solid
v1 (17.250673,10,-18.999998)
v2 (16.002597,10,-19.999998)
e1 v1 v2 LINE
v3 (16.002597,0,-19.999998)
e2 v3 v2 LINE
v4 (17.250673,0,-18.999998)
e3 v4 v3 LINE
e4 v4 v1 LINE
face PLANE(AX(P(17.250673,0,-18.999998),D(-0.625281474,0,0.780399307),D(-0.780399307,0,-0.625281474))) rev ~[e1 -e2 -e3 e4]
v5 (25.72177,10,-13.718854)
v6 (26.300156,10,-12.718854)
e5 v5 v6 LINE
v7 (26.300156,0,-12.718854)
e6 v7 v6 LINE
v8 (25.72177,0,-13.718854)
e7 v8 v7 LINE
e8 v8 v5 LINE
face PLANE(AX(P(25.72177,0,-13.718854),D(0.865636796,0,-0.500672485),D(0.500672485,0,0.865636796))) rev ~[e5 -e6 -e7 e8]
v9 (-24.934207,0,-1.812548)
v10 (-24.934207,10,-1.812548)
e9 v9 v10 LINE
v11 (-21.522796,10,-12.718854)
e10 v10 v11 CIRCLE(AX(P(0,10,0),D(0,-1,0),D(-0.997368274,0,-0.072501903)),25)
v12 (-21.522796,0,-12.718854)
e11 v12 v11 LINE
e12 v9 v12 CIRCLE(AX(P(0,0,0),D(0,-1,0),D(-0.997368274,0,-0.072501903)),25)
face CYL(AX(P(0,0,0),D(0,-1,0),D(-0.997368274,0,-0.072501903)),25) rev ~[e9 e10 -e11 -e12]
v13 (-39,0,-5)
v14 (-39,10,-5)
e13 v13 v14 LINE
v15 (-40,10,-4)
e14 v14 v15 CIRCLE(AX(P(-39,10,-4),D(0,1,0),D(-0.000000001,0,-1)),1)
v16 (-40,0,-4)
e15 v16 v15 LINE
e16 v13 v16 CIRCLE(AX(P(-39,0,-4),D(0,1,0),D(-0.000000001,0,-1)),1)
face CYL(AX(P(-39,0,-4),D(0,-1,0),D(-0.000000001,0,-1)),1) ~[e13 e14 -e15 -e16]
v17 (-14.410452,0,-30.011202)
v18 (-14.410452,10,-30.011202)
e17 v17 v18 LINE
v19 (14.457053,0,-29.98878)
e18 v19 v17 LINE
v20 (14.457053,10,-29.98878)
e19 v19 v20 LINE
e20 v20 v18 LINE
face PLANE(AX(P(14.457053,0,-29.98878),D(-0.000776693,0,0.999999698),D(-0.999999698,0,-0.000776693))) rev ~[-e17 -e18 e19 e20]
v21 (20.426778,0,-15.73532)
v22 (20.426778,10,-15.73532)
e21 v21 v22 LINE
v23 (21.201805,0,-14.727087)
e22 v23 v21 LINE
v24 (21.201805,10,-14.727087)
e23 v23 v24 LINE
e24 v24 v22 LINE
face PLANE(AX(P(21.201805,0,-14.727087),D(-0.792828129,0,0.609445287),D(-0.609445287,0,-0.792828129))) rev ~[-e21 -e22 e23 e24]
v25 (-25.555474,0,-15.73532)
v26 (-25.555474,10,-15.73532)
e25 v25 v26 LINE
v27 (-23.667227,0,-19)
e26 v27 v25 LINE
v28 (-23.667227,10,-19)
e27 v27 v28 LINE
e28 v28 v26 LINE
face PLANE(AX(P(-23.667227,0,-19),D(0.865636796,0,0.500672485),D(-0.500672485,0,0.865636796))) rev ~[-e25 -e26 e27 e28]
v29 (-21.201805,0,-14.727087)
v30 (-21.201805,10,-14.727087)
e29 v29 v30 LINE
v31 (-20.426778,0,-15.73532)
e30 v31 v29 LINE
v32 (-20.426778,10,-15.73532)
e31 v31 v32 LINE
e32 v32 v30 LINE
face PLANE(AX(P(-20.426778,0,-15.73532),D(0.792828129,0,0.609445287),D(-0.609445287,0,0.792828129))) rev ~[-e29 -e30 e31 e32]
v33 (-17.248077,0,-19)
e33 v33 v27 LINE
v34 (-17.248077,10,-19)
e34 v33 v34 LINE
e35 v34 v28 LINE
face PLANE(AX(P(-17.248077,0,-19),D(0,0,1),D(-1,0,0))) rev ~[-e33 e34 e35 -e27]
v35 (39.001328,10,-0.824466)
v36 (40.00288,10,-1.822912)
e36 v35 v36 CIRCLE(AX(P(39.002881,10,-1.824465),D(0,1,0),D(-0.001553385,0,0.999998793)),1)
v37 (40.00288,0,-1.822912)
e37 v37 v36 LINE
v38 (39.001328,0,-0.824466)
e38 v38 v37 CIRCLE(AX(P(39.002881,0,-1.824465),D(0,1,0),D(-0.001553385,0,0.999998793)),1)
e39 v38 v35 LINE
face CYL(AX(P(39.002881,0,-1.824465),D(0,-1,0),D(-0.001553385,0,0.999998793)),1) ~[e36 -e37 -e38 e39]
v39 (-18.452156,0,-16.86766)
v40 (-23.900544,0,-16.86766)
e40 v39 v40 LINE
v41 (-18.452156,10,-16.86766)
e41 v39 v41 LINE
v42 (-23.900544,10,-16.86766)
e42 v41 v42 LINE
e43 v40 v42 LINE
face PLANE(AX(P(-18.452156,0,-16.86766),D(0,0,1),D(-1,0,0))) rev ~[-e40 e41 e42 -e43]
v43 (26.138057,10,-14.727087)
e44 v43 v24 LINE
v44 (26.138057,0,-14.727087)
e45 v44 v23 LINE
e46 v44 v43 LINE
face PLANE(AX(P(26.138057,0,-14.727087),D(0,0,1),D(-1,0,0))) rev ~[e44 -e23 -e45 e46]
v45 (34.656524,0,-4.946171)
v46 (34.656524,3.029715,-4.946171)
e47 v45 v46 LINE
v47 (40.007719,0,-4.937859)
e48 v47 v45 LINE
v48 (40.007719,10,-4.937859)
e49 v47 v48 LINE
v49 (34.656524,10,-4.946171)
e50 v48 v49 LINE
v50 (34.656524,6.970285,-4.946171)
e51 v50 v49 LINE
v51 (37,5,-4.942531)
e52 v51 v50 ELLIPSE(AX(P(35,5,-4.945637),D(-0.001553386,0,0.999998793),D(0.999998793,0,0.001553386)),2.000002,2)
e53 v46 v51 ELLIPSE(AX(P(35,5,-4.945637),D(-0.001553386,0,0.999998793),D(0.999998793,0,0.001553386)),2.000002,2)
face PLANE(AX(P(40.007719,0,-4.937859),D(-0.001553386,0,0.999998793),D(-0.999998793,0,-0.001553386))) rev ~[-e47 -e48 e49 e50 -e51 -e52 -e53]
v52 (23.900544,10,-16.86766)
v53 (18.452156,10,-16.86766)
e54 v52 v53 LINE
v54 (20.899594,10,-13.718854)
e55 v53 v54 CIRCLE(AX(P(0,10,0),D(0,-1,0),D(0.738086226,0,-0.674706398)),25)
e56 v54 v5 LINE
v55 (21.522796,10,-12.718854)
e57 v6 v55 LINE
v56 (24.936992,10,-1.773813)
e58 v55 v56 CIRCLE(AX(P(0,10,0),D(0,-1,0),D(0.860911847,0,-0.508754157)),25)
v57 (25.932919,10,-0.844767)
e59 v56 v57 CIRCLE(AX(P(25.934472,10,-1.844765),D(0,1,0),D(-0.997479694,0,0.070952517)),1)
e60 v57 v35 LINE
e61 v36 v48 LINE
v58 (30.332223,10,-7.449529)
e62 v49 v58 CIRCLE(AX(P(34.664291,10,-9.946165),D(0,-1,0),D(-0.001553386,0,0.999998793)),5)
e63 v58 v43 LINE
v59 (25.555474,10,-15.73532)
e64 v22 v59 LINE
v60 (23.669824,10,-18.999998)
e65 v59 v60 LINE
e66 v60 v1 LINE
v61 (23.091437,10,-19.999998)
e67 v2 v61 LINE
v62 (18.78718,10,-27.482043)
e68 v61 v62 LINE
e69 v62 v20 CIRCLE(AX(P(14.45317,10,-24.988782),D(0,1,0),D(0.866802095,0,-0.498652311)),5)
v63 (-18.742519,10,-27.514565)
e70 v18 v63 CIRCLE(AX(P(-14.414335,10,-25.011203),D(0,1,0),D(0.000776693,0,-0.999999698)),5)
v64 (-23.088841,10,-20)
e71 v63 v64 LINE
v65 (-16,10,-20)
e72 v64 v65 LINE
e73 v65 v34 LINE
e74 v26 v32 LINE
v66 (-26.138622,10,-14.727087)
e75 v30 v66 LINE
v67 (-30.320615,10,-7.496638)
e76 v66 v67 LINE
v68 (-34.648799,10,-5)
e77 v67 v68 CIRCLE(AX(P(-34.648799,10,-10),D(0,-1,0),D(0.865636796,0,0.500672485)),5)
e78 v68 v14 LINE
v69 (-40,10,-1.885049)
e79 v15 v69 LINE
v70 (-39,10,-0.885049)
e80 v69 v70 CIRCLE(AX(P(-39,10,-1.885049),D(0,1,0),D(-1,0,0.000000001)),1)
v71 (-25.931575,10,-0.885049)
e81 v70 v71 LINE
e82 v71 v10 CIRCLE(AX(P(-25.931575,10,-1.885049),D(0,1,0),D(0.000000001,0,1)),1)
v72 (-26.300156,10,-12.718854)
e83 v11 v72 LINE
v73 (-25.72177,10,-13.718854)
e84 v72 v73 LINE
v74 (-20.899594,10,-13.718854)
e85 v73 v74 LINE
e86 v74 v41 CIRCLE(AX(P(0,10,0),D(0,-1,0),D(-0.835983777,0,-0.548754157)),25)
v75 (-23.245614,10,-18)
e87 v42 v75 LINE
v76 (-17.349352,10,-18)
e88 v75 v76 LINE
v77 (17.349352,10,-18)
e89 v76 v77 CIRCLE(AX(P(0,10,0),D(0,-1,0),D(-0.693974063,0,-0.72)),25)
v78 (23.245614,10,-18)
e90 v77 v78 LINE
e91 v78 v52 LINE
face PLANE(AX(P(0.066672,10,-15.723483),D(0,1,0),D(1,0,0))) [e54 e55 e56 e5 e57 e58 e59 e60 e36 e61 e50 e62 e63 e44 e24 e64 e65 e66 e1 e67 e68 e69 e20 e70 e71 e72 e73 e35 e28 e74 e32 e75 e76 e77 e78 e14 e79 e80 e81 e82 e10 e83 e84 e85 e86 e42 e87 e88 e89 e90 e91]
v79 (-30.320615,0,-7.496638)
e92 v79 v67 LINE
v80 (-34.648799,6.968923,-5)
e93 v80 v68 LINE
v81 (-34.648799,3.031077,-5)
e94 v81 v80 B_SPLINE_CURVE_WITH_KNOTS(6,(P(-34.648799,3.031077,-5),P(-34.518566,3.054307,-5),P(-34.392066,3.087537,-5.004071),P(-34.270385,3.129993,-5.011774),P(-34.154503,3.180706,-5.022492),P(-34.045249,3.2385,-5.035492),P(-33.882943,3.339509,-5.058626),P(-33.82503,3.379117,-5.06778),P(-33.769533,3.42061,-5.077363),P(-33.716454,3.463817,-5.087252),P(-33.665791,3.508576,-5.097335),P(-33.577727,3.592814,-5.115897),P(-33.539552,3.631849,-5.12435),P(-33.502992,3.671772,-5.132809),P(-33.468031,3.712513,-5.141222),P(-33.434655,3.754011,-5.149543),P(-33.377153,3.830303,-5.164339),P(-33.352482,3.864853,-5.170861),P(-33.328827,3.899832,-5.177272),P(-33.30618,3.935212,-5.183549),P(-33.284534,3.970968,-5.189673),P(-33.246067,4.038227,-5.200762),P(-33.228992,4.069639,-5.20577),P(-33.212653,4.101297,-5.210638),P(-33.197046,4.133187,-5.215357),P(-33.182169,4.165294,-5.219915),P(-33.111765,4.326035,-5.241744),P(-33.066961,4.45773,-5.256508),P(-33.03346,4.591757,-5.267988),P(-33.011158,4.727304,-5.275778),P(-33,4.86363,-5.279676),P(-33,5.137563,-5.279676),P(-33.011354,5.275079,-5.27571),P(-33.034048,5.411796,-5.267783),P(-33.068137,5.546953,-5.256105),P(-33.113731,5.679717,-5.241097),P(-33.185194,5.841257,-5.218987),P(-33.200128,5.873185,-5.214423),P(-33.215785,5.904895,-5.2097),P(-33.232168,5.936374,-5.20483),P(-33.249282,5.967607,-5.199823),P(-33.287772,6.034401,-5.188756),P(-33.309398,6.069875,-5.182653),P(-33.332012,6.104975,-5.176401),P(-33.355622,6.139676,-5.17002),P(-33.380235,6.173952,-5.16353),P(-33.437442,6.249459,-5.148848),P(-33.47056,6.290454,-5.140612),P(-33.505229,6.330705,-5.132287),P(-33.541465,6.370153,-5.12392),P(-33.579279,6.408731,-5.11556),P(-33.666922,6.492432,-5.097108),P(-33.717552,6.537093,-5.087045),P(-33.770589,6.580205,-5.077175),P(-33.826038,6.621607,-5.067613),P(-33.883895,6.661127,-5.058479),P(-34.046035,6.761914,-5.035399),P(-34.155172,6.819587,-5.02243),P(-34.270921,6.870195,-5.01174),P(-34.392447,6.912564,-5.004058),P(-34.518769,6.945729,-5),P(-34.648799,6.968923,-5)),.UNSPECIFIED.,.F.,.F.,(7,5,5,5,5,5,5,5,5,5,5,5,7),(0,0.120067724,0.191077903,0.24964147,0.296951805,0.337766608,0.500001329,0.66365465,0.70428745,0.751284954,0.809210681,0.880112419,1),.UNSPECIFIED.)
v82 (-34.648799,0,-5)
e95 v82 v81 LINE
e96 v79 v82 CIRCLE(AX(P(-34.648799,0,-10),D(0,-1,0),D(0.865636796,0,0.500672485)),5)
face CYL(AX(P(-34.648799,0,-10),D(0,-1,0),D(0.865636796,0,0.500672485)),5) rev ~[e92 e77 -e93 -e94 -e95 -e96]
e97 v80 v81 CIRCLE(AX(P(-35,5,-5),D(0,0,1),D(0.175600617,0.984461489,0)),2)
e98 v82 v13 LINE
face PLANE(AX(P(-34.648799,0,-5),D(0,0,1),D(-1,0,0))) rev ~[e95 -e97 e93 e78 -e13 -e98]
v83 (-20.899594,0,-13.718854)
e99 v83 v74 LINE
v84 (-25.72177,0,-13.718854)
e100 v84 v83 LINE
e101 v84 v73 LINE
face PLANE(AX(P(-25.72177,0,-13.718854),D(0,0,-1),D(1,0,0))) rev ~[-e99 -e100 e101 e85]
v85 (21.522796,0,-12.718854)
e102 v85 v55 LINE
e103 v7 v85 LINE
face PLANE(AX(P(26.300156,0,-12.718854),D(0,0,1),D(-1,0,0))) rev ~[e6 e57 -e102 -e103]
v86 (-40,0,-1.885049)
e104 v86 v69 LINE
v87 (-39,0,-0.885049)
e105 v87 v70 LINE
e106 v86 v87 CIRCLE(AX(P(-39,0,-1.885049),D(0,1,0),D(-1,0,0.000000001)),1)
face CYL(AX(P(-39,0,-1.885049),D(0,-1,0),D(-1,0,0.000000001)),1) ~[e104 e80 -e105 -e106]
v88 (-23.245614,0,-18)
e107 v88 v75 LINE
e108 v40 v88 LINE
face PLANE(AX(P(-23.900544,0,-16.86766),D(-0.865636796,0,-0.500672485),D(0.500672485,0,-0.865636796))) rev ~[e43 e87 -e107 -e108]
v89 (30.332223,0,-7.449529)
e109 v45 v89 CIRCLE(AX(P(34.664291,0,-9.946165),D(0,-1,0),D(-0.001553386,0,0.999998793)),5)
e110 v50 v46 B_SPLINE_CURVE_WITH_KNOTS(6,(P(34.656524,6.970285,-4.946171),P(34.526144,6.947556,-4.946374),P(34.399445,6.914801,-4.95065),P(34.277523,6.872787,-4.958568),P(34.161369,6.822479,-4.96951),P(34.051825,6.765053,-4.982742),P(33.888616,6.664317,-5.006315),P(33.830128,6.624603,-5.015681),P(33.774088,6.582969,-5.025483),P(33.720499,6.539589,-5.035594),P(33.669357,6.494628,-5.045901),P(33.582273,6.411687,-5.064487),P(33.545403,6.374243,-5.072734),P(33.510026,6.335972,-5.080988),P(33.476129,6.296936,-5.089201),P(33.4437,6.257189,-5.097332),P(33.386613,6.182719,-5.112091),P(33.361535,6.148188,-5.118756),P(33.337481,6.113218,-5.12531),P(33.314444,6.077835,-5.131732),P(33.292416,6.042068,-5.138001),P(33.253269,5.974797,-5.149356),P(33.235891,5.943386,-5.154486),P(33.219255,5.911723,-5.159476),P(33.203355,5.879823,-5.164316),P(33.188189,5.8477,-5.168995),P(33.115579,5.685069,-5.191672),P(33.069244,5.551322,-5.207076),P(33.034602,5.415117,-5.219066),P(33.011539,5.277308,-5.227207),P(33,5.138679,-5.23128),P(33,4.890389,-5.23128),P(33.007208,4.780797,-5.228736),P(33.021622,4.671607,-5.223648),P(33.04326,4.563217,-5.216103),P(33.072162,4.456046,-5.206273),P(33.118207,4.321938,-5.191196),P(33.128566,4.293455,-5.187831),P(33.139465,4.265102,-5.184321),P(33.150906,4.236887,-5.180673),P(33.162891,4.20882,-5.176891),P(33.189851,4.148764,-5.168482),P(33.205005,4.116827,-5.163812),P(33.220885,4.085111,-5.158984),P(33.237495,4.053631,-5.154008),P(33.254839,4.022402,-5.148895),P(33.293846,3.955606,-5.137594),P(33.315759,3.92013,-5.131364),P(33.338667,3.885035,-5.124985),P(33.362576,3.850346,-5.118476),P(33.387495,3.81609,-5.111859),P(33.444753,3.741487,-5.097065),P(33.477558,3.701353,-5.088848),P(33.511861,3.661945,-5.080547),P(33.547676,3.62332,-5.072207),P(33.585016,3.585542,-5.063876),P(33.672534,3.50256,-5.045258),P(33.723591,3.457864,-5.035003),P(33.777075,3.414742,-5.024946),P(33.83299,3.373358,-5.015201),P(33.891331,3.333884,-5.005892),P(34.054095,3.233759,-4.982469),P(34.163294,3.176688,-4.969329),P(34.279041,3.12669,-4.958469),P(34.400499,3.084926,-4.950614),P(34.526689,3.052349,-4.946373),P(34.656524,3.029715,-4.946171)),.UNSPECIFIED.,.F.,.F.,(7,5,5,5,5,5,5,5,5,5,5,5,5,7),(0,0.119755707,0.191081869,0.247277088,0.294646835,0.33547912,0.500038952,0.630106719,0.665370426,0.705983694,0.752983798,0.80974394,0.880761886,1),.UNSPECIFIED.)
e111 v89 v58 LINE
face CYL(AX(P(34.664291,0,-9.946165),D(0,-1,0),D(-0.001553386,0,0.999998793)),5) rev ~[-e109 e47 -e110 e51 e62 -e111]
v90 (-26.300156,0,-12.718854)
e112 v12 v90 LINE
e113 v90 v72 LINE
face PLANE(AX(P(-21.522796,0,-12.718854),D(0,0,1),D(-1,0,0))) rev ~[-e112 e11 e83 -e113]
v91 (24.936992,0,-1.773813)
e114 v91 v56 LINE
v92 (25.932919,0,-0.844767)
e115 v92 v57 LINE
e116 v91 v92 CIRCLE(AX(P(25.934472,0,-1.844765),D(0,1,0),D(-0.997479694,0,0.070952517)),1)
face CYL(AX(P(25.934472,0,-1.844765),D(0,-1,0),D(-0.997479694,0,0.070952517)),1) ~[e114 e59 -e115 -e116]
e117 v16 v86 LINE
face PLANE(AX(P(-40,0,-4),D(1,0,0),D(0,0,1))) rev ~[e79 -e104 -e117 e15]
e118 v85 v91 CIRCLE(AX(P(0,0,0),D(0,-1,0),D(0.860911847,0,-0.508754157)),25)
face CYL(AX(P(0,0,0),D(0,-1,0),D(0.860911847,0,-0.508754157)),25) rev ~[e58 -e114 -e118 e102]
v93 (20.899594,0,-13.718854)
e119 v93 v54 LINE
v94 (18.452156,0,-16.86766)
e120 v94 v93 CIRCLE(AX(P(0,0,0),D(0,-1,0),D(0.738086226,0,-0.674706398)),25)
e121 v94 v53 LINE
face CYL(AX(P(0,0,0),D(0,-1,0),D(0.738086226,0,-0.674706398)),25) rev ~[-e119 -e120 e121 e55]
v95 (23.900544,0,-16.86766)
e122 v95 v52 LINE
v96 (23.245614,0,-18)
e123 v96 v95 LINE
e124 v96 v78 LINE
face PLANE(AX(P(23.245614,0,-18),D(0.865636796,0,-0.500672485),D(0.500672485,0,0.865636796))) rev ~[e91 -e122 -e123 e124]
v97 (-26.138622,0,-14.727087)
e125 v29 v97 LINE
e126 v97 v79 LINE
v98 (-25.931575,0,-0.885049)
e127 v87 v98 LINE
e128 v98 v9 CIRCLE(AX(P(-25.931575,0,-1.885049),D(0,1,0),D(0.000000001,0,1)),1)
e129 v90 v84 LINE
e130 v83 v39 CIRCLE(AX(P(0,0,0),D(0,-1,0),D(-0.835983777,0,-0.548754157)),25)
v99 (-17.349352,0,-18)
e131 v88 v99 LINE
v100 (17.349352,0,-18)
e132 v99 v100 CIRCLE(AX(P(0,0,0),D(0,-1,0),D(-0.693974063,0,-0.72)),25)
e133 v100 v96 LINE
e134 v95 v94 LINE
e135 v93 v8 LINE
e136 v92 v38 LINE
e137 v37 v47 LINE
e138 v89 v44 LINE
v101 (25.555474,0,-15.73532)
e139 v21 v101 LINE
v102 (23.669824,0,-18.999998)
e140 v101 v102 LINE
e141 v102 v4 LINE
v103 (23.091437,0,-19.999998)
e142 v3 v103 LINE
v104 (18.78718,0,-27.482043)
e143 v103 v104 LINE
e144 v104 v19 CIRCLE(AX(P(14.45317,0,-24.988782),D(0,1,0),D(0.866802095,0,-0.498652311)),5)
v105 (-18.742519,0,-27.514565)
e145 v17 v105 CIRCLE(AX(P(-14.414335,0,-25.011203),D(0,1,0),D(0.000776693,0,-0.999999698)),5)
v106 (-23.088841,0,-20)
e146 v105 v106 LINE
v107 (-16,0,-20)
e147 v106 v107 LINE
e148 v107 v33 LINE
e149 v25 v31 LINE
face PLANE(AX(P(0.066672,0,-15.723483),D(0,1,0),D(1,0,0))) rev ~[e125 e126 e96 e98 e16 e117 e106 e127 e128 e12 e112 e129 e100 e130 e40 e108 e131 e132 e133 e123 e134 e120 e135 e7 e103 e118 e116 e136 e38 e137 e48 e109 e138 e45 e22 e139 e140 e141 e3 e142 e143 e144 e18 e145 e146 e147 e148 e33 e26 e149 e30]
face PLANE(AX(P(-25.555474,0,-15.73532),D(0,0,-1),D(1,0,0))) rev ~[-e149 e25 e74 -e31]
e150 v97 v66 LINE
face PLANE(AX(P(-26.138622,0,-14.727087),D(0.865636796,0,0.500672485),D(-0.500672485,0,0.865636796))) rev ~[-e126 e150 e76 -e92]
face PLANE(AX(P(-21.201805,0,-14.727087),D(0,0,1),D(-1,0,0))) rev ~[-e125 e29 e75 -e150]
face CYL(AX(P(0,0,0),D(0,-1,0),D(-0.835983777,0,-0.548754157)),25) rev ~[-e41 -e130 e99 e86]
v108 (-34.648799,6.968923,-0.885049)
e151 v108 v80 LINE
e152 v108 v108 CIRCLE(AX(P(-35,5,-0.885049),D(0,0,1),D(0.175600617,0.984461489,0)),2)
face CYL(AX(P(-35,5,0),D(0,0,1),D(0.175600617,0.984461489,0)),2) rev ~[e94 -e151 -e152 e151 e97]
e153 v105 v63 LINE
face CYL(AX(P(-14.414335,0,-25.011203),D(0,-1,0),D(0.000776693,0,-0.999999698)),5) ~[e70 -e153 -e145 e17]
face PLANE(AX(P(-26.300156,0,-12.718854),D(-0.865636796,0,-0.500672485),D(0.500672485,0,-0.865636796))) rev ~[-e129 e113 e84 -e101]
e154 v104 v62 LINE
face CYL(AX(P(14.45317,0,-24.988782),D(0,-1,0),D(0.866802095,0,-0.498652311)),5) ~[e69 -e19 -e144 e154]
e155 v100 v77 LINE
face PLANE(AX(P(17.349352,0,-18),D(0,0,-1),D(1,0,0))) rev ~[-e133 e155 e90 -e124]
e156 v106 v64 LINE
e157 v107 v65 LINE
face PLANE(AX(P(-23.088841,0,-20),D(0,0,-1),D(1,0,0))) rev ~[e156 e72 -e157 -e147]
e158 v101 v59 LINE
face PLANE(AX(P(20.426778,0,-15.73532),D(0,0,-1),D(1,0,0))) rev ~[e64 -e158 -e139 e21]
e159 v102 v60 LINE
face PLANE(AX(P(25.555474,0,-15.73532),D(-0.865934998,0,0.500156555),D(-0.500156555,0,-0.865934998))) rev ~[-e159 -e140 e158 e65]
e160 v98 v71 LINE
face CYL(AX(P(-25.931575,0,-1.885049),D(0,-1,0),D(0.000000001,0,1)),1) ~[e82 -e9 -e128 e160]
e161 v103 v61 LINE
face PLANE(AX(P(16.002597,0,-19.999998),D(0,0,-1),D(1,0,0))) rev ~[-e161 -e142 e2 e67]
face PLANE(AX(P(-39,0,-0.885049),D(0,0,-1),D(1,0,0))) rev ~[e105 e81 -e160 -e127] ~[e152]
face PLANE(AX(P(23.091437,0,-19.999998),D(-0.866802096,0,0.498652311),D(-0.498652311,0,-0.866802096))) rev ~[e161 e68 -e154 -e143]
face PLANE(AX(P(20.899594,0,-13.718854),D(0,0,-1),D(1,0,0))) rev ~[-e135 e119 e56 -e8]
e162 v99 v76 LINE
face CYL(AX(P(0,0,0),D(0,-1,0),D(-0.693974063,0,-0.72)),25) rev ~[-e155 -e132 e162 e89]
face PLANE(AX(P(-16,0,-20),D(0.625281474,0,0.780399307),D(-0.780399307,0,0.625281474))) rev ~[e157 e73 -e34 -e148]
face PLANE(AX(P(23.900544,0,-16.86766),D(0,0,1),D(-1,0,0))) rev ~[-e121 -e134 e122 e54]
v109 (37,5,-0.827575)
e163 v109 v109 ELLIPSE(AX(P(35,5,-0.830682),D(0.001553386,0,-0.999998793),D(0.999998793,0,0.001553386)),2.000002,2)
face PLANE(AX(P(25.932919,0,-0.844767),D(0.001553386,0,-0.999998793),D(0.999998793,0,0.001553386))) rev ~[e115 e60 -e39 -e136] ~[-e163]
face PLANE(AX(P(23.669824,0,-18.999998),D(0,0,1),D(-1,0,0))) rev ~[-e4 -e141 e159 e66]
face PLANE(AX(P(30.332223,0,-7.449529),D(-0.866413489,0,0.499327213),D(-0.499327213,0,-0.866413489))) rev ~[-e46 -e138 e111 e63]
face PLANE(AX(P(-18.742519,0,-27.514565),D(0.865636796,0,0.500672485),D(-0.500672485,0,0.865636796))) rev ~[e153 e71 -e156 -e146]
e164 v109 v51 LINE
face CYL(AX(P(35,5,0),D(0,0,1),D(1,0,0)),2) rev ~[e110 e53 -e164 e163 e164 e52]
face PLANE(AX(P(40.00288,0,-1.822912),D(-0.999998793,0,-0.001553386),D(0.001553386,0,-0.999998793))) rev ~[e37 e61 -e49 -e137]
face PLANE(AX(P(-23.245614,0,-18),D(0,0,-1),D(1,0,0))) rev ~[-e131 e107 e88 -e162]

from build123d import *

# Parameters (mm, degrees)
EXTRUDE_1_DEPTH     = 10
SKETCH_2_R          = 2
CUT_EXTRUDE_1_DEPTH = 10


with BuildPart() as part:
    # 草图1 → 凸台-拉伸1 (new body)
    with BuildSketch(Plane(origin=(0, 0, 0), x_dir=(1, 0, 0), z_dir=(0, 1, 0))):
        with BuildLine():
            Line((-39, 0.885049463), (-25.931575126, 0.885049463))
            ThreePointArc((-25.931575126, 0.885049463), (-25.250583901, 1.152757888), (-24.934206852, 1.81254756))
            ThreePointArc((-24.934206852, 1.81254756), (-23.860011776, 7.463232411), (-21.522796165, 12.718853928))
            Line((-21.522796165, 12.718853928), (-26.30015626, 12.718853928))
            Line((-26.30015626, 12.718853928), (-25.721769935, 13.718853928))
            Line((-25.721769935, 13.718853928), (-20.899594419, 13.718853928))
            ThreePointArc((-20.899594419, 13.718853928), (-19.738763969, 15.342137953), (-18.45215564, 16.867659952))
            Line((-18.45215564, 16.867659952), (-23.900543591, 16.867659952))
            Line((-23.900543591, 16.867659952), (-23.245613592, 18))
            Line((-23.245613592, 18), (-17.349351573, 18))
            ThreePointArc((-17.349351573, 18), (0, 25), (17.349351573, 18))
            Line((17.349351573, 18), (23.245613592, 18))
            Line((23.245613592, 18), (23.900543591, 16.867659952))
            Line((23.900543591, 16.867659952), (18.45215564, 16.867659952))
            ThreePointArc((18.45215564, 16.867659952), (19.738763969, 15.342137953), (20.899594419, 13.718853928))
            Line((20.899594419, 13.718853928), (25.721769935, 13.718853928))
            Line((25.721769935, 13.718853928), (26.30015626, 12.718853928))
            Line((26.30015626, 12.718853928), (21.522796165, 12.718853928))
            ThreePointArc((21.522796165, 12.718853928), (23.865801222, 7.44469825), (24.936992355, 1.773812925))
            ThreePointArc((24.936992355, 1.773812925), (25.252344114, 1.113532593), (25.932918663, 0.844766649))
            Line((25.932918663, 0.844766649), (39.00132777, 0.82446634))
            ThreePointArc((39.00132777, 0.82446634), (39.708888674, 1.116260796), (40.002879949, 1.822911748))
            Line((40.002879949, 1.822911748), (40.00771867, 4.937858527))
            Line((40.00771867, 4.937858527), (34.656523892, 4.946171008))
            ThreePointArc((34.656523892, 4.946171008), (32.159247749, 5.618953494), (30.332223376, 7.44952891))
            Line((30.332223376, 7.44952891), (26.1380565, 14.727086916))
            Line((26.1380565, 14.727086916), (21.201804646, 14.727086916))
            Line((21.201804646, 14.727086916), (20.426778105, 15.735319903))
            Line((20.426778105, 15.735319903), (25.55547359, 15.735319903))
            Line((25.55547359, 15.735319903), (23.669823804, 18.999997983))
            Line((23.669823804, 18.999997983), (17.250673347, 18.999997983))
            Line((17.250673347, 18.999997983), (16.002596538, 19.999997983))
            Line((16.002596538, 19.999997983), (23.091437479, 19.999997983))
            Line((23.091437479, 19.999997983), (18.787180185, 27.482043412))
            ThreePointArc((18.787180185, 27.482043412), (16.958217309, 29.315990717), (14.457053173, 29.98878035))
            Line((14.457053173, 29.98878035), (-14.410451579, 30.011201553))
            ThreePointArc((-14.410451579, 30.011201553), (-16.910971111, 29.343270507), (-18.742519025, 27.514565487))
            Line((-18.742519025, 27.514565487), (-23.088840941, 20))
            Line((-23.088840941, 20), (-16, 20))
            Line((-16, 20), (-17.248076809, 19))
            Line((-17.248076809, 19), (-23.667227267, 19))
            Line((-23.667227267, 19), (-25.55547359, 15.735319903))
            Line((-25.55547359, 15.735319903), (-20.426778105, 15.735319903))
            Line((-20.426778105, 15.735319903), (-21.201804646, 14.727086916))
            Line((-21.201804646, 14.727086916), (-26.138621763, 14.727086916))
            Line((-26.138621763, 14.727086916), (-30.320614786, 7.496637574))
            ThreePointArc((-30.320614786, 7.496637574), (-32.150480545, 5.668902441), (-34.648798766, 5))
            Line((-34.648798766, 5), (-39, 5))
            ThreePointArc((-39, 5), (-39.707106781, 4.707106781), (-40, 4))
            Line((-40, 4), (-40, 1.885049463))
            ThreePointArc((-40, 1.885049463), (-39.707106781, 1.177942682), (-39, 0.885049463))
        make_face()
    extrude(amount=EXTRUDE_1_DEPTH)

    # 草图2 → 切除-拉伸1 (cut)
    with BuildSketch(Plane.XY):
        with Locations((35, 5)):
            Circle(SKETCH_2_R)
        with Locations(Location((-35, 5, 0), (0, 0, 79.886387813))):
            Circle(SKETCH_2_R)
    extrude(amount=-CUT_EXTRUDE_1_DEPTH, mode=Mode.SUBTRACT)


solid = part.part
